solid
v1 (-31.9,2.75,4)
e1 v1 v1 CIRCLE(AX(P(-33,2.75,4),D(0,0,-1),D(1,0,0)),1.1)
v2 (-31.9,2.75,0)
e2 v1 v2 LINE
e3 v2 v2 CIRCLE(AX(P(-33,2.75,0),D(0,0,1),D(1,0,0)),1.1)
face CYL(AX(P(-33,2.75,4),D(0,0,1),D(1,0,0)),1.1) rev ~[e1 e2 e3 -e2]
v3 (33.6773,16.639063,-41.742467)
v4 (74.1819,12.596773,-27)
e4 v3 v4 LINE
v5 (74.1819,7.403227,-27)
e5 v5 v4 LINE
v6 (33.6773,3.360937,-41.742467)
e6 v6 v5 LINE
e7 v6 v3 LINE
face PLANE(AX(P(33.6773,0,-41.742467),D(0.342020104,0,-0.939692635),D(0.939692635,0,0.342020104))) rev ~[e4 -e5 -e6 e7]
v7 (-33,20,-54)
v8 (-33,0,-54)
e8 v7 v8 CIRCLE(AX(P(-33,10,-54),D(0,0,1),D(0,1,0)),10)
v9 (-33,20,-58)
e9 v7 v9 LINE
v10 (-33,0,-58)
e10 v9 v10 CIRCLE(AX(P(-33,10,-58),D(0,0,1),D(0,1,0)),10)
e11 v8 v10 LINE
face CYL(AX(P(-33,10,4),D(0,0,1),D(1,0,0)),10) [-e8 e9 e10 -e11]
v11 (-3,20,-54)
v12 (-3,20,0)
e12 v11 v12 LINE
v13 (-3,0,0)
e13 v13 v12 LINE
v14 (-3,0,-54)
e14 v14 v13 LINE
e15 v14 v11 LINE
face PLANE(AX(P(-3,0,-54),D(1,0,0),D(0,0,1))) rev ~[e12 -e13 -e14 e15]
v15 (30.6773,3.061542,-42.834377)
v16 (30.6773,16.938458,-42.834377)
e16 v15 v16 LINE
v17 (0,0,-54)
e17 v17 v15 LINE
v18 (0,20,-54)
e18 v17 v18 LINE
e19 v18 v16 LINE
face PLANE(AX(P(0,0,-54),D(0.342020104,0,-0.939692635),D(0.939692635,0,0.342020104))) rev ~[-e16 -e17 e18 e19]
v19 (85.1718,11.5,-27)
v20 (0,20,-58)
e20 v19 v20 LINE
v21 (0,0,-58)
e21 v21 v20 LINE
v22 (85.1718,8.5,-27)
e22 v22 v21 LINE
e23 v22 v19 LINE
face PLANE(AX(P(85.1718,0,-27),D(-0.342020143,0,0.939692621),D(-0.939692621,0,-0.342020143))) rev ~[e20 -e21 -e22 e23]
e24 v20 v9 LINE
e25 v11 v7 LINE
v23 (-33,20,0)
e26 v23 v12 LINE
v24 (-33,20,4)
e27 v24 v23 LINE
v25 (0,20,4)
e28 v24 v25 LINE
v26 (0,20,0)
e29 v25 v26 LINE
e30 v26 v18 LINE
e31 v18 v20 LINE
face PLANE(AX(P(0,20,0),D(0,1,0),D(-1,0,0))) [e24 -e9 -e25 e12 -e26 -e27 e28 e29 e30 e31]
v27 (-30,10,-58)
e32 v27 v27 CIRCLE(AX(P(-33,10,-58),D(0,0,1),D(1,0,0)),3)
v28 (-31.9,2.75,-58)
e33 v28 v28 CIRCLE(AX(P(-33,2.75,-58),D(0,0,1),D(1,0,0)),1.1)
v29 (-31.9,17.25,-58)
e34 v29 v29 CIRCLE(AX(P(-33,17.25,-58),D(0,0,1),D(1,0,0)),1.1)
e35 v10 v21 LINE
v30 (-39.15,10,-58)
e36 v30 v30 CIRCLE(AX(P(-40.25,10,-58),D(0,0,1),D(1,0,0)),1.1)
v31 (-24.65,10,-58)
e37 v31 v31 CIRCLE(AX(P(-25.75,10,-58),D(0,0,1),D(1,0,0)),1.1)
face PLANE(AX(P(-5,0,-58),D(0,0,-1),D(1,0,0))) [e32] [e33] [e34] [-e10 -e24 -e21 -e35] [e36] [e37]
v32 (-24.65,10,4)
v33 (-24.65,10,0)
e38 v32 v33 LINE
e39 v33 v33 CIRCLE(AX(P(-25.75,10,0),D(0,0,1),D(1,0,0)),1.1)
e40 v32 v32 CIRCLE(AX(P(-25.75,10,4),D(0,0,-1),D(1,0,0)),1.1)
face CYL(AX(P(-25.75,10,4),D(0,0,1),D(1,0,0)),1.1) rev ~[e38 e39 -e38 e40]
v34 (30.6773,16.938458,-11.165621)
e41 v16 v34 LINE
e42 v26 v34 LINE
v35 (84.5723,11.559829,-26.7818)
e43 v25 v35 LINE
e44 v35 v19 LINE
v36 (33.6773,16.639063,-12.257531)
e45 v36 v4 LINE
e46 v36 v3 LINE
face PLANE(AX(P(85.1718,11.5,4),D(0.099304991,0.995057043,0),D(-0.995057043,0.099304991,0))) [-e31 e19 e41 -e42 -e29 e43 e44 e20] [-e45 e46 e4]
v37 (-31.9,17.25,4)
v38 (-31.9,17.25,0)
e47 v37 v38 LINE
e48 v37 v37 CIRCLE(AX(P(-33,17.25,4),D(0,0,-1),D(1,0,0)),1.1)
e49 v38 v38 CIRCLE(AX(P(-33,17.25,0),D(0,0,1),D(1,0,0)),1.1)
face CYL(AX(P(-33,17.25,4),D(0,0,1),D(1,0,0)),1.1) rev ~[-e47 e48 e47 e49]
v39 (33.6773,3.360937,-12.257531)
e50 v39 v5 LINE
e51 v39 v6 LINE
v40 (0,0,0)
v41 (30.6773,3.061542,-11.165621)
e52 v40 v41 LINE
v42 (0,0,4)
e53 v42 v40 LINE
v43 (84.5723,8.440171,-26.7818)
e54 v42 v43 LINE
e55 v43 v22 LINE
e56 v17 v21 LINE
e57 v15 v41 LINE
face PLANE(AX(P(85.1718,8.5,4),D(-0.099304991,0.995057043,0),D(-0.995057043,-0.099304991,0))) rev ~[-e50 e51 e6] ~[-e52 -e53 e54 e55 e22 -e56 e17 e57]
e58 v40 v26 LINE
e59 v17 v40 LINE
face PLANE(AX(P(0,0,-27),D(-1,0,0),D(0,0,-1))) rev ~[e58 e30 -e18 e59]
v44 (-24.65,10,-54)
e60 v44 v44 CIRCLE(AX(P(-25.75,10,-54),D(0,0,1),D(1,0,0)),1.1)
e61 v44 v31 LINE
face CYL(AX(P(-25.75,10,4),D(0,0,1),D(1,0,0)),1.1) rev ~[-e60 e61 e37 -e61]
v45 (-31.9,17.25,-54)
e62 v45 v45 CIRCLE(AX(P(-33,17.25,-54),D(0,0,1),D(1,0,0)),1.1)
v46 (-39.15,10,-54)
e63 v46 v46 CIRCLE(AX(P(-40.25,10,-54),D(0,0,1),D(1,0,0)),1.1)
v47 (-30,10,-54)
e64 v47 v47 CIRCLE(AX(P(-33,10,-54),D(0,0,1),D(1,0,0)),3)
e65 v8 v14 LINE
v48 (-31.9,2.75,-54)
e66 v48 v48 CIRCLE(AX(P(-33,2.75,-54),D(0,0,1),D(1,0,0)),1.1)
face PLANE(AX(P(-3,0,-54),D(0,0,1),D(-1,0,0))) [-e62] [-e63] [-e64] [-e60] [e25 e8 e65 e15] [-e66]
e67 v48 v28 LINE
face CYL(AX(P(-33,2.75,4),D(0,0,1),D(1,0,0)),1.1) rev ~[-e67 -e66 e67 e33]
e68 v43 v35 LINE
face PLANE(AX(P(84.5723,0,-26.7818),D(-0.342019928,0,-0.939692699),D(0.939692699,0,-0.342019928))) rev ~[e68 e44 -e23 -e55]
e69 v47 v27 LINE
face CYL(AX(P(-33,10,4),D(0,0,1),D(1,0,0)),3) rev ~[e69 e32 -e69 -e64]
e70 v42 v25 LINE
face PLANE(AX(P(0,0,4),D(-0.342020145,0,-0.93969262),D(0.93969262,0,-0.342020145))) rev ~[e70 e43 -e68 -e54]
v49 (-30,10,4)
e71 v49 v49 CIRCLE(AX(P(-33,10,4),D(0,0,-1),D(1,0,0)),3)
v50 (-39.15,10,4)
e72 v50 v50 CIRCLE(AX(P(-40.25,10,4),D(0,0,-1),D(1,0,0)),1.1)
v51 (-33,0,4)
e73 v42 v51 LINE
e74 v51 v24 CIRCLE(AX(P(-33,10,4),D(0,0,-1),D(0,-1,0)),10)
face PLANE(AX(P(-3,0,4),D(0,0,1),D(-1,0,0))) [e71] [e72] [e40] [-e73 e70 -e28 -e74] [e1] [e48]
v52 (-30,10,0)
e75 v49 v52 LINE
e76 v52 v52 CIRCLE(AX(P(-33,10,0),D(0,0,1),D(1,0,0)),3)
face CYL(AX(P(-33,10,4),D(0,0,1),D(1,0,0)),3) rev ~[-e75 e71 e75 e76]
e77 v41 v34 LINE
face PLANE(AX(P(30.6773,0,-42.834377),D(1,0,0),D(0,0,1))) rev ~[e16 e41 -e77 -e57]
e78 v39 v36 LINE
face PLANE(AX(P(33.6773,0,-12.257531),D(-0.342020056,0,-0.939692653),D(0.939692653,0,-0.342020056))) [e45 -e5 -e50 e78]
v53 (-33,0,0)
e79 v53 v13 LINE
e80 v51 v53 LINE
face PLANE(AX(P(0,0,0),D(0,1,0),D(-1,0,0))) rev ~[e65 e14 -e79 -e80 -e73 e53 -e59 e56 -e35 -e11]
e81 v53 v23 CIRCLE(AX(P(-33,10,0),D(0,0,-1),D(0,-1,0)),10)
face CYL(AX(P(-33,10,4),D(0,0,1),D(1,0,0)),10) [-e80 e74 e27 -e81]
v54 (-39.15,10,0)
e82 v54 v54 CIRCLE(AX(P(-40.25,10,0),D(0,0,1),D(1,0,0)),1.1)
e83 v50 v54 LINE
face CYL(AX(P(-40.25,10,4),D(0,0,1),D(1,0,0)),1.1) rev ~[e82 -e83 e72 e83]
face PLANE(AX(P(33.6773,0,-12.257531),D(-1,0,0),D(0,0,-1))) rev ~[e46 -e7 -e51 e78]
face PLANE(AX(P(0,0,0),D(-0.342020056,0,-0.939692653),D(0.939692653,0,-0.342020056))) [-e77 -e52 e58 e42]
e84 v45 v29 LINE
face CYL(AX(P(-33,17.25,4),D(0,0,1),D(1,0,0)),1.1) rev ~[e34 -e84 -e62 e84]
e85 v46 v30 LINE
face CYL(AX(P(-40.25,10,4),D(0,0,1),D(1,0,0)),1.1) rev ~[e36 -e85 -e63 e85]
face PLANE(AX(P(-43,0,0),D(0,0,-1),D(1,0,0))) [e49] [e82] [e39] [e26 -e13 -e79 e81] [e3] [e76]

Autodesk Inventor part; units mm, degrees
ref_plane "YZ Plane" through (0, 0, 0) normal (1, 0, 0) x (0, 1, 0)
ref_plane "XZ Plane" through (0, 0, 0) normal (0, 1, 0) x (-1, 0, 0)
ref_plane "XY Plane" through (0, 0, 0) normal (0, 0, 1) x (1, 0, 0)
sketch "Sketch1" plane through (0, 0, 0) normal (0, 1, 0) x (-1, 0, 0)
  line L0 (0, 0) -> (0, -54)
  line L1 (0, -54) -> (5, -54)
  line L2 (5, -54) -> (5, -58)
  line L3 (5, -58) -> (0, -58)
  line L4 (0, -58) -> (0, -54)
  line L5 (0, 0) -> (3, 0)
  line L6 (3, 0) -> (3, 4)
  line L7 (3, 4) -> (0, 4)
  line L8 (0, 4) -> (0, 0)
  line L9 (3, 0) -> (0, 0)
  line L10 (0, 0) -> (0, -54)
  line L11 (0, -54) -> (3, -54)
  line L12 (3, -54) -> (3, 0)
  line L13 (3, 4) -> (43, 4)
  line L14 (43, 4) -> (43, 0)
  line L15 (43, 0) -> (3, 0)
  line L16 (3, 0) -> (3, 4)
  line L17 (3, -54) -> (43, -54)
  line L18 (43, -54) -> (43, -58)
  line L19 (43, -58) -> (3, -58)
  line L20 (3, -58) -> (3, -54)
  line L21 (0, -27) -> (-82.8143, -27)
  line L22 (-82.8143, -27) -> (-97.578, -27)
  line L23 (0, 4) -> (-84.5723, -26.7818)
  line L24 (0, 4) -> (90, 4) construction
  line L25 (-85.1718, -27) -> (0, -58)
  line L26 (0, 0) -> (-75.1754, -27.3616)
  line L27 (0, 0) -> (80, 0) construction
  line L28 (0, -54) -> (-74.1819, -27)
  line L29 (-32.1773, -27) -> (-32.1773, -42.2884)
  line L30 (-32.1773, -27) -> (-32.1773, -11.7116)
  line L31 (-30.6773, -9.5) -> (-33.6773, -9.5)
  line L32 (-33.6773, -9.5) -> (-33.6773, -44.5)
  line L33 (-33.6773, -44.5) -> (-30.6773, -44.5)
  line L34 (-30.6773, -44.5) -> (-30.6773, -9.5)
  line L35 (-30.6773, -9.5) -> (-33.6773, -44.5) construction
  line L36 (-33.6773, -9.5) -> (-30.6773, -44.5) construction
  line L37 (-84.5723, -26.7818) -> (-85.1718, -27)
  point P0 (-30.6773, -11.1656)
  point P1 (-30.6773, -42.8344)
  point P2 (3, 0)
  point P3 (-33.6773, -41.7424)
  point P4 (-33.6773, -12.2576)
  dimension "d0" = 54
  dimension "d1" = 5
  dimension "d2" = 4
  dimension "d3" = 3
  dimension "d4" = 4
  dimension "d5" = 40
  dimension "d6" = 40
  dimension "d7" = 90
  dimension "d8" = 160
  dimension "d9" = 80
  dimension "d10" = 160
  dimension "d11" = 3
  dimension "d12" = 35
extrude "Extrusion1" add sketch "Sketch1" along normal blind 20 contours L5 L12 L1 L0 | L8 L7 L6 L5 | L26 L34 L31 L32 L21 L22 L37 L23 L8 | L6 L13 L14 L15 | L34 L21 L30 L26 | L26 L32 L31 L34 | L1 L20 L3 L4 | L4 L25 L22 L21 L28 L32 L33 L34 | L34 L28 L29 L21 | L1 L2 L3 L20 | L30 L21 L32 L26 | L34 L33 L32 L28 | L29 L28 L32 L21 | L17 L18 L19 L2
sketch "Sketch2" plane through (-43, 0, 4) normal (0, 0, 1) x (1, 0, 0)
  line L0 (43, 20) -> (0, 20) projected
  line L1 (0, 20) -> (10, 20)
  line L2 (10, 20) -> (10, 10)
  line L3 (10, 10) -> (0, 10)
  line L4 (0, 10) -> (0, 20)
  circle A0 centre (10, 10) radius 3
  circle A1 centre (10, 10) radius 10
  line L5 (128.1718, 0) -> (128.1718, 20) projected
  line L6 (128.1718, 10) -> (128.1718, 11.5)
  line L7 (128.1718, 11.5) -> (128.1718, 8.5)
  line L8 (43, 0) -> (0, 0) projected
  line L9 (128.1718, 8.5) -> (43, 0)
  line L10 (43, 0) -> (128.1718, 0)
  line L11 (128.1718, 0) -> (128.1718, 8.5)
  line L12 (43, 20) -> (73.6773, 20) projected
  line L13 (128.1718, 11.5) -> (43, 20)
  line L14 (128.1718, 20) -> (43, 20) projected
  line L15 (43, 20) -> (128.1718, 20)
  line L16 (128.1718, 20) -> (128.1718, 11.5)
  line L17 (10, 10) -> (0, 10)
  line L18 (0, 10) -> (0, 0)
  line L19 (0, 0) -> (10, 0)
  line L20 (10, 0) -> (10, 10)
  circle A2 centre (10, 10) radius 8
  circle A3 centre (10, 10) radius 6.5
  line L21 (10, 18) -> (10, 16.5)
  circle A4 centre (10, 17.25) radius 1.1
  line L22 (2, 10) -> (3.5, 10)
  circle A5 centre (2.75, 10) radius 1.1
  line L23 (10, 3.5) -> (10, 2)
  circle A6 centre (10, 2.75) radius 1.1
  line L24 (16.5, 10) -> (18, 10)
  circle A7 centre (17.25, 10) radius 1.1
  dimension "d15" = 10
  dimension "d16" = 10
  dimension "d17" = 6
  dimension "d18" = 1.5
  dimension "d19" = 3
  dimension "d22" = 16
  dimension "d23" = 13
  dimension "d24" = 2.2
  dimension "d25" = 2.2
  dimension "d26" = 2.2
  dimension "d27" = 2.2
extrude "Extrusion2" cut sketch "Sketch2" against normal blind 100 contours L12 L14 L5 L13 | A1 L4 L0 | A4 A2 L2 | L2 A2 A4 | A1 L8 L18 | A2 A4 A3 L2 | L2 A3 A4 A2 | A5 A2 L3 | L3 A2 A5 | L5 L10 L9 | A3 A4 L2 | L2 A4 A3 | A7 A2 | A2 L24 A3 A7 | A5 A3 L3 A2 | A6 A2 L20 | L20 A2 A6 | L3 A3 A5 A2 | A2 A7 A3 L24 | A3 A7 | A5 L3 A3 | A2 A6 A3 L20 | L20 A3 A6 A2 | L3 A5 A3 | A0 L20 L2 | L2 L3 A0 | A3 A6 L20 | L20 A6 A3 | L20 A0 L3
properties part number "calf_2"
